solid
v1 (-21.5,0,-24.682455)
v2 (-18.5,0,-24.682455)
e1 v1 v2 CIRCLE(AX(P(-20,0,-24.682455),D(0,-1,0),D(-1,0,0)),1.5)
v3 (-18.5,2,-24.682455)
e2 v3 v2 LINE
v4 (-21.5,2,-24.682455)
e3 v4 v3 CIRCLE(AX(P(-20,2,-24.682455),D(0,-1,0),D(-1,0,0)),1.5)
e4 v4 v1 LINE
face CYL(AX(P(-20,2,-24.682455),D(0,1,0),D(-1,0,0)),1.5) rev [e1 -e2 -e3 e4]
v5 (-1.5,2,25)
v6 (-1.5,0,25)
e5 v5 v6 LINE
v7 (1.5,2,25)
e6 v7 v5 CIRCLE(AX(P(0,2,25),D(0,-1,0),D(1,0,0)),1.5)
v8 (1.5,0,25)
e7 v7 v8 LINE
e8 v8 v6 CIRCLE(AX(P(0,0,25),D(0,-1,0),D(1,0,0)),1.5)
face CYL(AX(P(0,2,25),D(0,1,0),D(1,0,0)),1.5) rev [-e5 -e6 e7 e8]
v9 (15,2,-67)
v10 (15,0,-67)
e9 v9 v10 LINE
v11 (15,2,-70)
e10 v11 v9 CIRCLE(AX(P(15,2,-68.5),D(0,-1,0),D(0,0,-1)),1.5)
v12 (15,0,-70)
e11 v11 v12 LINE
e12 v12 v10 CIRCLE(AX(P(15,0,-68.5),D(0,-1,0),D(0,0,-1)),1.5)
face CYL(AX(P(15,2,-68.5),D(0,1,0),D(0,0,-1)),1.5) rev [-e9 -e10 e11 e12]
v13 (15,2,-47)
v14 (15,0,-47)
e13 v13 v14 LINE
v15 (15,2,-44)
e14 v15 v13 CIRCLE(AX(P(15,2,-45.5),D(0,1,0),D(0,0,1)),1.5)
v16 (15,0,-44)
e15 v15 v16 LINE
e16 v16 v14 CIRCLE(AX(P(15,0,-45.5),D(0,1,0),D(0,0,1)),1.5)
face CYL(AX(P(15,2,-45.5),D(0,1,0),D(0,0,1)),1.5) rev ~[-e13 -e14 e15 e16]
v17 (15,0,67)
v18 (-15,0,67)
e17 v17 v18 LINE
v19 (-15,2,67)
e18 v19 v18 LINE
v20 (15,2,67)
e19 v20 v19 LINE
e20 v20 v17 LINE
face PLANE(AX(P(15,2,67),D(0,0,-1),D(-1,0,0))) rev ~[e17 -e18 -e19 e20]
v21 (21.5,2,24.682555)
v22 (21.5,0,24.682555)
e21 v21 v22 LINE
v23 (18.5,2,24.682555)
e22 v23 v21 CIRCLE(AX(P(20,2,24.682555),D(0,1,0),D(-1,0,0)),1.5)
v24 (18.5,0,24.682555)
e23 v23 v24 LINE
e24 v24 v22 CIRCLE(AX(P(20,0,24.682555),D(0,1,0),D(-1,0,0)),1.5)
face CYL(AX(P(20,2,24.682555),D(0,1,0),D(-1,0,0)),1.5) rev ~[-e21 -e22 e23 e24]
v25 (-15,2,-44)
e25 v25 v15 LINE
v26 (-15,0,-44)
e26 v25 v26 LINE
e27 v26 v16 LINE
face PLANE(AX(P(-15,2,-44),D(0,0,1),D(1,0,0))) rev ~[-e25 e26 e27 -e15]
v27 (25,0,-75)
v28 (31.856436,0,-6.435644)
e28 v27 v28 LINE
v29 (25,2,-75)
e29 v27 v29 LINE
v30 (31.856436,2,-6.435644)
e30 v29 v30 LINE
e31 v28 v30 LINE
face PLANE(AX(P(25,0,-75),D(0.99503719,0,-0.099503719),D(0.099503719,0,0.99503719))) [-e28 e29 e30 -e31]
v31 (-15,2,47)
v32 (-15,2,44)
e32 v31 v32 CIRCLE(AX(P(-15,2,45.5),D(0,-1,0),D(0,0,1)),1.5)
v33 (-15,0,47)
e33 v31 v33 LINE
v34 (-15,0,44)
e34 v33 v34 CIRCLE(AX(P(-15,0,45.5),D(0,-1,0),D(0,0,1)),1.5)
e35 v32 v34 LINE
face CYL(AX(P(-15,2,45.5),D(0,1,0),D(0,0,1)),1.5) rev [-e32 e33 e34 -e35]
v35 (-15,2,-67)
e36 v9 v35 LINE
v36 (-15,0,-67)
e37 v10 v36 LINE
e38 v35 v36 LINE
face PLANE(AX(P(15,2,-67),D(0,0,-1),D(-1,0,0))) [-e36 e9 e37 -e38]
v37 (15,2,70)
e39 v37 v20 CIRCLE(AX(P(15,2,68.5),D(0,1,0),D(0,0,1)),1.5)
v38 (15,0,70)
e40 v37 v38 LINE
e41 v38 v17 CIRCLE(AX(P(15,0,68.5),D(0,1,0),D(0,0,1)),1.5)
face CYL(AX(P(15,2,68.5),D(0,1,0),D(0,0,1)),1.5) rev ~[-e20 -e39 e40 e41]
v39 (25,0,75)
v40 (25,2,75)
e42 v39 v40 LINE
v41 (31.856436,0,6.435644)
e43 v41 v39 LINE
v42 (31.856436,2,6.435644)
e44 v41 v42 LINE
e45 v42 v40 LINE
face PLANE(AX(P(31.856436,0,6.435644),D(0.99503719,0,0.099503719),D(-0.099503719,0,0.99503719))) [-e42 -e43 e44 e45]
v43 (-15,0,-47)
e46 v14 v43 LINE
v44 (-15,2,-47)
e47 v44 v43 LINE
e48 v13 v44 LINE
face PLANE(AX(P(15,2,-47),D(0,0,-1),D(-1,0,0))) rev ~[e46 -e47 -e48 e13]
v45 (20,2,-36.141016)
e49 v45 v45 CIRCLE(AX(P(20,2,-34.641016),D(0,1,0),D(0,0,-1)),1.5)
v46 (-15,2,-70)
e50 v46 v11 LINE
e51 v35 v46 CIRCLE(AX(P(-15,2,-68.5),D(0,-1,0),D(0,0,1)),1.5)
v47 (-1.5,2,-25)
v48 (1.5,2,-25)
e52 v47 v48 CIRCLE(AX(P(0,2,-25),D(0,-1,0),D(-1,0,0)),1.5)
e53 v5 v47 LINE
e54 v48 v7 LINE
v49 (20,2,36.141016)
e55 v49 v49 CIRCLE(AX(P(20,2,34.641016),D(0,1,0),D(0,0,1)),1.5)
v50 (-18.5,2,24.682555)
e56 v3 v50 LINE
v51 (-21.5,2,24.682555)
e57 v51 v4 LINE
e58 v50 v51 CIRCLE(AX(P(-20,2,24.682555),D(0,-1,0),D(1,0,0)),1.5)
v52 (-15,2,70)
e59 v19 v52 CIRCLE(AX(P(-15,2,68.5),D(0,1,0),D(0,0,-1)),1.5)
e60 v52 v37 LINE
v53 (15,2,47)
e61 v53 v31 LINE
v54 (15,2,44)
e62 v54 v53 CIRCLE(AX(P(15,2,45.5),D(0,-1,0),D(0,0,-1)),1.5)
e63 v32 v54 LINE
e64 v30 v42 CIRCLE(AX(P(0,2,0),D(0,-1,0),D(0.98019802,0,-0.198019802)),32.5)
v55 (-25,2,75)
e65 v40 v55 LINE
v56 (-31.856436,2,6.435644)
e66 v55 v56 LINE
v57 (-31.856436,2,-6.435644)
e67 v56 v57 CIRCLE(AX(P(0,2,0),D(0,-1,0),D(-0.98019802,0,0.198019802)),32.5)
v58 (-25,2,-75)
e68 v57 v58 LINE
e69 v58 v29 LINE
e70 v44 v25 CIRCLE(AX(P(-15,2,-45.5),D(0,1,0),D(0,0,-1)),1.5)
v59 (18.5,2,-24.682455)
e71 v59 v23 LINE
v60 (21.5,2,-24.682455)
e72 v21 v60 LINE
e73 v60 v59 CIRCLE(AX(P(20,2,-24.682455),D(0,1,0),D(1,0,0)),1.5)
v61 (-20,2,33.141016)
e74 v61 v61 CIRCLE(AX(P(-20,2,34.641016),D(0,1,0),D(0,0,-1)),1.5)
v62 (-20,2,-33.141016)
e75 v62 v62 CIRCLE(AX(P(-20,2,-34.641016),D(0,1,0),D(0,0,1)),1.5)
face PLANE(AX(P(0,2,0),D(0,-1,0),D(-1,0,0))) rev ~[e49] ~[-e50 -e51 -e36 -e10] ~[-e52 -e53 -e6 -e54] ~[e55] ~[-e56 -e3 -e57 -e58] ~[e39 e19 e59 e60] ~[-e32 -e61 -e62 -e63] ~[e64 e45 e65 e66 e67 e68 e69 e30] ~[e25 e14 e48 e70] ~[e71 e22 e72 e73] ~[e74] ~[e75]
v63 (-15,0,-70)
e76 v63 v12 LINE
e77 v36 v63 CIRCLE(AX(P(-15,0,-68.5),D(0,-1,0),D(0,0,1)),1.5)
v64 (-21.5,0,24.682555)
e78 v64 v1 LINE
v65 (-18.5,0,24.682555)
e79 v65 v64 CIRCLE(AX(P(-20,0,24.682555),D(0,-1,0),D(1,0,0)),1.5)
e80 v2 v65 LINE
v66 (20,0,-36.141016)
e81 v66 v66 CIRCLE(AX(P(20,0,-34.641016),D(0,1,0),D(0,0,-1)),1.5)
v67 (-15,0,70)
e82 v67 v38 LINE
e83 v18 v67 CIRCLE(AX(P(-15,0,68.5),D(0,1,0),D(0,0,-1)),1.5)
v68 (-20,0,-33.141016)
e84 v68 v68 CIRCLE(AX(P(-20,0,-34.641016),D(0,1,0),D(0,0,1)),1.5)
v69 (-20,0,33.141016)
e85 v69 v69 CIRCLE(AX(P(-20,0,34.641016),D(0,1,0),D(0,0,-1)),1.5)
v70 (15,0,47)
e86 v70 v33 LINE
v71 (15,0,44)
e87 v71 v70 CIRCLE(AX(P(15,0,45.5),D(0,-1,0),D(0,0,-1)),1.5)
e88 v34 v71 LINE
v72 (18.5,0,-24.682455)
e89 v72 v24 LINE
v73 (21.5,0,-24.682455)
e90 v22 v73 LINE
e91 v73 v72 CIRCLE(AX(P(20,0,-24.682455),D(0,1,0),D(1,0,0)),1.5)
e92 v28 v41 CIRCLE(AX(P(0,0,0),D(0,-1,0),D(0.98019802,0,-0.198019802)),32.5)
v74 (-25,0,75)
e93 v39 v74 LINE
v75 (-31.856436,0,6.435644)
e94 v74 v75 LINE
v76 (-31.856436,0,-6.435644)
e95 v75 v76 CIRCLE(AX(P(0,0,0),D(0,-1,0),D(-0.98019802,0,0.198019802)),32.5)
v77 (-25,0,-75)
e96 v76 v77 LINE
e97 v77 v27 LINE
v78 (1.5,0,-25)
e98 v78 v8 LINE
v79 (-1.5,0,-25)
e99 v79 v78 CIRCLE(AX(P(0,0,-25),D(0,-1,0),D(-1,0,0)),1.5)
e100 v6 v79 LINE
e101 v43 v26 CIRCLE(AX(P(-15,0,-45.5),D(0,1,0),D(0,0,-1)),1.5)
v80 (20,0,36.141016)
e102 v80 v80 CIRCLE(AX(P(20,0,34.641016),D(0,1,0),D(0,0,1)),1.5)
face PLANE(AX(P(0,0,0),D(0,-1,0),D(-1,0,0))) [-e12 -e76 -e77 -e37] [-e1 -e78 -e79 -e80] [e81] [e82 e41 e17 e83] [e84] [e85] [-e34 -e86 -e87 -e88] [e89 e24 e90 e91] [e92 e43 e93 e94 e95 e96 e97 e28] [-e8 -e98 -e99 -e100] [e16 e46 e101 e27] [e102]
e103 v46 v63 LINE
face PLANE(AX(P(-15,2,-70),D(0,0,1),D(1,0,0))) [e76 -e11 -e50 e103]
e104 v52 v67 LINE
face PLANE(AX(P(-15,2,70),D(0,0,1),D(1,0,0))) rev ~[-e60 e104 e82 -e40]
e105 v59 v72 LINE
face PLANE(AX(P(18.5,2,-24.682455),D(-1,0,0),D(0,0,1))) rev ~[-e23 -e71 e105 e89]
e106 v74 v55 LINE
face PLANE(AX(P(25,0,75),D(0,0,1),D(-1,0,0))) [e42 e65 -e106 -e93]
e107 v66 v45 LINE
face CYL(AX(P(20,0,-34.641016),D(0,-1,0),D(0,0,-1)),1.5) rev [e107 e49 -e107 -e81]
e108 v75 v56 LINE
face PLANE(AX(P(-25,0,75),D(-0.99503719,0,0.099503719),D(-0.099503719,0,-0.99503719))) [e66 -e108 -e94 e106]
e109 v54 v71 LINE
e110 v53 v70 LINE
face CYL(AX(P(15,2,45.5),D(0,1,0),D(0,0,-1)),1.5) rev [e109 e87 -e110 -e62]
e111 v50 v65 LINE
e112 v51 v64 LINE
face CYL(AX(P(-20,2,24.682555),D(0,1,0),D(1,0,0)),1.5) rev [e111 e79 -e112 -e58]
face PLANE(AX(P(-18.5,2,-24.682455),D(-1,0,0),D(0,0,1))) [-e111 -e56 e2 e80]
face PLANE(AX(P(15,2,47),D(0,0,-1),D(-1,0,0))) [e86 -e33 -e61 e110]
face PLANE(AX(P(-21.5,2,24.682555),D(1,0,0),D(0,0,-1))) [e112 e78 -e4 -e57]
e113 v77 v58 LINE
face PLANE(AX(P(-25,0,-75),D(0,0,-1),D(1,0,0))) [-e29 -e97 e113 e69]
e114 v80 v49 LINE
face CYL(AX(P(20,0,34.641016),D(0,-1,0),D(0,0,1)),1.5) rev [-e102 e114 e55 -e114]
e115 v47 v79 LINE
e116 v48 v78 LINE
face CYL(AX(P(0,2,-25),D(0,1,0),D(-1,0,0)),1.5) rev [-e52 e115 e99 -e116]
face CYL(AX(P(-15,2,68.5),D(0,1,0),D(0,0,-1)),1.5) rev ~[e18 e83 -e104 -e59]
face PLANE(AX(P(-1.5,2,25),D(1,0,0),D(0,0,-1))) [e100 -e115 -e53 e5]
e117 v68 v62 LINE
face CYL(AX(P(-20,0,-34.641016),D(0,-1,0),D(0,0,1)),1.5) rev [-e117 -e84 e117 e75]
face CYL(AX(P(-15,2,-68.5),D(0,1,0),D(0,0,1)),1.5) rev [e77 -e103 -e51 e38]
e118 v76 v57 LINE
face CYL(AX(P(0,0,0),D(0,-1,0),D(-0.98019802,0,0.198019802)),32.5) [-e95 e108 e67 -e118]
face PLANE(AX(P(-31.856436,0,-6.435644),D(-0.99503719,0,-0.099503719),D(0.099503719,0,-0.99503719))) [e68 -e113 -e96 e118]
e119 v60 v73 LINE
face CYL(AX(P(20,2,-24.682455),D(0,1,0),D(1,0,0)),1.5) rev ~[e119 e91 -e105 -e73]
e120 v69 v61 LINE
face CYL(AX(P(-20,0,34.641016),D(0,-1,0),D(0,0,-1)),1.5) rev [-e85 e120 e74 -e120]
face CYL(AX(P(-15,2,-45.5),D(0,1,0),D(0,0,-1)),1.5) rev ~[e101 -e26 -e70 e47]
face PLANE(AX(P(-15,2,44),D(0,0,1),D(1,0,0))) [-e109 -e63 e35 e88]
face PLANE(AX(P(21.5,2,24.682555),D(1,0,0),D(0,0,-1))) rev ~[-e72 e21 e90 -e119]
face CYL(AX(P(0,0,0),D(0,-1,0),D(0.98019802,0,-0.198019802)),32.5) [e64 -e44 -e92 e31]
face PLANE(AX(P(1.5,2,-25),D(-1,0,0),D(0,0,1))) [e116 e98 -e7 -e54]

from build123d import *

# Parameters (mm, degrees)
SKETCH1_R           = 1.5
BOSS_EXTRUDE1_DEPTH = 2
CUT_EXTRUDE1_DEPTH  = 2


with BuildPart() as part:
    # Sketch1 → Boss-Extrude1 (new body)
    with BuildSketch(Plane(origin=(0, 0, 0), x_dir=(1, 0, 0), z_dir=(0, 1, 0))):
        with BuildLine():
            Line((-31.856435644, 6.435643564), (-25, 75))
            Line((-25, 75), (25, 75))
            Line((25, 75), (31.856435644, 6.435643564))
            ThreePointArc((31.856435644, 6.435643564), (32.5, 0), (31.856435644, -6.435643564))
            Line((31.856435644, -6.435643564), (25, -75))
            Line((25, -75), (-25, -75))
            Line((-25, -75), (-31.856435644, -6.435643564))
            ThreePointArc((-31.856435644, -6.435643564), (-32.5, 0), (-31.856435644, 6.435643564))
        make_face()
        with Locations(Location((-20, 34.641016151, 0), (0, 0, 270))):
            Circle(SKETCH1_R, mode=Mode.SUBTRACT)
        with Locations(Location((20, 34.641016151, 0), (0, 0, 90))):
            Circle(SKETCH1_R, mode=Mode.SUBTRACT)
        with Locations(Location((20, -34.641016151, 0), (0, 0, 270))):
            Circle(SKETCH1_R, mode=Mode.SUBTRACT)
        with Locations(Location((-20, -34.641016151, 0), (0, 0, 90))):
            Circle(SKETCH1_R, mode=Mode.SUBTRACT)
    extrude(amount=BOSS_EXTRUDE1_DEPTH)

    # Sketch2 → Cut-Extrude1 (cut)
    with BuildSketch(Plane(origin=(0, 2, 0), x_dir=(1, 0, 0), z_dir=(0, 1, 0))):
        with BuildLine():
            Line((-15, 70), (15, 70))
            ThreePointArc((15, 70), (16.5, 68.5), (15, 67))
            Line((15, 67), (-15, 67))
            ThreePointArc((-15, 67), (-16.5, 68.5), (-15, 70))
        make_face()
        with BuildLine():
            Line((-15, -70), (15, -70))
            ThreePointArc((15, -70), (16.5, -68.5), (15, -67))
            Line((15, -67), (-15, -67))
            ThreePointArc((-15, -67), (-16.5, -68.5), (-15, -70))
        make_face()
        with BuildLine():
            Line((-15, 44), (15, 44))
            ThreePointArc((15, 44), (16.5, 45.5), (15, 47))
            Line((15, 47), (-15, 47))
            ThreePointArc((-15, 47), (-16.5, 45.5), (-15, 44))
        make_face()
        with BuildLine():
            Line((-15, -44), (15, -44))
            ThreePointArc((15, -44), (16.5, -45.5), (15, -47))
            Line((15, -47), (-15, -47))
            ThreePointArc((-15, -47), (-16.5, -45.5), (-15, -44))
        make_face()
        with BuildLine():
            Line((-18.5, 24.682455481), (-18.5, -24.682555481))
            ThreePointArc((-18.5, -24.682555481), (-20, -26.182555481), (-21.5, -24.682555481))
            Line((-21.5, -24.682555481), (-21.5, 24.682455481))
            ThreePointArc((-21.5, 24.682455481), (-20, 26.182455481), (-18.5, 24.682455481))
        make_face()
        with BuildLine():
            Line((18.5, 24.682455481), (18.5, -24.682555481))
            ThreePointArc((18.5, -24.682555481), (20, -26.182555481), (21.5, -24.682555481))
            Line((21.5, -24.682555481), (21.5, 24.682455481))
            ThreePointArc((21.5, 24.682455481), (20, 26.182455481), (18.5, 24.682455481))
        make_face()
        with BuildLine():
            Line((1.5, 25), (1.5, -25))
            ThreePointArc((1.5, -25), (0, -26.5), (-1.5, -25))
            Line((-1.5, -25), (-1.5, 25))
            ThreePointArc((-1.5, 25), (0, 26.5), (1.5, 25))
        make_face()
    extrude(amount=-CUT_EXTRUDE1_DEPTH, mode=Mode.SUBTRACT)


solid = part.part
